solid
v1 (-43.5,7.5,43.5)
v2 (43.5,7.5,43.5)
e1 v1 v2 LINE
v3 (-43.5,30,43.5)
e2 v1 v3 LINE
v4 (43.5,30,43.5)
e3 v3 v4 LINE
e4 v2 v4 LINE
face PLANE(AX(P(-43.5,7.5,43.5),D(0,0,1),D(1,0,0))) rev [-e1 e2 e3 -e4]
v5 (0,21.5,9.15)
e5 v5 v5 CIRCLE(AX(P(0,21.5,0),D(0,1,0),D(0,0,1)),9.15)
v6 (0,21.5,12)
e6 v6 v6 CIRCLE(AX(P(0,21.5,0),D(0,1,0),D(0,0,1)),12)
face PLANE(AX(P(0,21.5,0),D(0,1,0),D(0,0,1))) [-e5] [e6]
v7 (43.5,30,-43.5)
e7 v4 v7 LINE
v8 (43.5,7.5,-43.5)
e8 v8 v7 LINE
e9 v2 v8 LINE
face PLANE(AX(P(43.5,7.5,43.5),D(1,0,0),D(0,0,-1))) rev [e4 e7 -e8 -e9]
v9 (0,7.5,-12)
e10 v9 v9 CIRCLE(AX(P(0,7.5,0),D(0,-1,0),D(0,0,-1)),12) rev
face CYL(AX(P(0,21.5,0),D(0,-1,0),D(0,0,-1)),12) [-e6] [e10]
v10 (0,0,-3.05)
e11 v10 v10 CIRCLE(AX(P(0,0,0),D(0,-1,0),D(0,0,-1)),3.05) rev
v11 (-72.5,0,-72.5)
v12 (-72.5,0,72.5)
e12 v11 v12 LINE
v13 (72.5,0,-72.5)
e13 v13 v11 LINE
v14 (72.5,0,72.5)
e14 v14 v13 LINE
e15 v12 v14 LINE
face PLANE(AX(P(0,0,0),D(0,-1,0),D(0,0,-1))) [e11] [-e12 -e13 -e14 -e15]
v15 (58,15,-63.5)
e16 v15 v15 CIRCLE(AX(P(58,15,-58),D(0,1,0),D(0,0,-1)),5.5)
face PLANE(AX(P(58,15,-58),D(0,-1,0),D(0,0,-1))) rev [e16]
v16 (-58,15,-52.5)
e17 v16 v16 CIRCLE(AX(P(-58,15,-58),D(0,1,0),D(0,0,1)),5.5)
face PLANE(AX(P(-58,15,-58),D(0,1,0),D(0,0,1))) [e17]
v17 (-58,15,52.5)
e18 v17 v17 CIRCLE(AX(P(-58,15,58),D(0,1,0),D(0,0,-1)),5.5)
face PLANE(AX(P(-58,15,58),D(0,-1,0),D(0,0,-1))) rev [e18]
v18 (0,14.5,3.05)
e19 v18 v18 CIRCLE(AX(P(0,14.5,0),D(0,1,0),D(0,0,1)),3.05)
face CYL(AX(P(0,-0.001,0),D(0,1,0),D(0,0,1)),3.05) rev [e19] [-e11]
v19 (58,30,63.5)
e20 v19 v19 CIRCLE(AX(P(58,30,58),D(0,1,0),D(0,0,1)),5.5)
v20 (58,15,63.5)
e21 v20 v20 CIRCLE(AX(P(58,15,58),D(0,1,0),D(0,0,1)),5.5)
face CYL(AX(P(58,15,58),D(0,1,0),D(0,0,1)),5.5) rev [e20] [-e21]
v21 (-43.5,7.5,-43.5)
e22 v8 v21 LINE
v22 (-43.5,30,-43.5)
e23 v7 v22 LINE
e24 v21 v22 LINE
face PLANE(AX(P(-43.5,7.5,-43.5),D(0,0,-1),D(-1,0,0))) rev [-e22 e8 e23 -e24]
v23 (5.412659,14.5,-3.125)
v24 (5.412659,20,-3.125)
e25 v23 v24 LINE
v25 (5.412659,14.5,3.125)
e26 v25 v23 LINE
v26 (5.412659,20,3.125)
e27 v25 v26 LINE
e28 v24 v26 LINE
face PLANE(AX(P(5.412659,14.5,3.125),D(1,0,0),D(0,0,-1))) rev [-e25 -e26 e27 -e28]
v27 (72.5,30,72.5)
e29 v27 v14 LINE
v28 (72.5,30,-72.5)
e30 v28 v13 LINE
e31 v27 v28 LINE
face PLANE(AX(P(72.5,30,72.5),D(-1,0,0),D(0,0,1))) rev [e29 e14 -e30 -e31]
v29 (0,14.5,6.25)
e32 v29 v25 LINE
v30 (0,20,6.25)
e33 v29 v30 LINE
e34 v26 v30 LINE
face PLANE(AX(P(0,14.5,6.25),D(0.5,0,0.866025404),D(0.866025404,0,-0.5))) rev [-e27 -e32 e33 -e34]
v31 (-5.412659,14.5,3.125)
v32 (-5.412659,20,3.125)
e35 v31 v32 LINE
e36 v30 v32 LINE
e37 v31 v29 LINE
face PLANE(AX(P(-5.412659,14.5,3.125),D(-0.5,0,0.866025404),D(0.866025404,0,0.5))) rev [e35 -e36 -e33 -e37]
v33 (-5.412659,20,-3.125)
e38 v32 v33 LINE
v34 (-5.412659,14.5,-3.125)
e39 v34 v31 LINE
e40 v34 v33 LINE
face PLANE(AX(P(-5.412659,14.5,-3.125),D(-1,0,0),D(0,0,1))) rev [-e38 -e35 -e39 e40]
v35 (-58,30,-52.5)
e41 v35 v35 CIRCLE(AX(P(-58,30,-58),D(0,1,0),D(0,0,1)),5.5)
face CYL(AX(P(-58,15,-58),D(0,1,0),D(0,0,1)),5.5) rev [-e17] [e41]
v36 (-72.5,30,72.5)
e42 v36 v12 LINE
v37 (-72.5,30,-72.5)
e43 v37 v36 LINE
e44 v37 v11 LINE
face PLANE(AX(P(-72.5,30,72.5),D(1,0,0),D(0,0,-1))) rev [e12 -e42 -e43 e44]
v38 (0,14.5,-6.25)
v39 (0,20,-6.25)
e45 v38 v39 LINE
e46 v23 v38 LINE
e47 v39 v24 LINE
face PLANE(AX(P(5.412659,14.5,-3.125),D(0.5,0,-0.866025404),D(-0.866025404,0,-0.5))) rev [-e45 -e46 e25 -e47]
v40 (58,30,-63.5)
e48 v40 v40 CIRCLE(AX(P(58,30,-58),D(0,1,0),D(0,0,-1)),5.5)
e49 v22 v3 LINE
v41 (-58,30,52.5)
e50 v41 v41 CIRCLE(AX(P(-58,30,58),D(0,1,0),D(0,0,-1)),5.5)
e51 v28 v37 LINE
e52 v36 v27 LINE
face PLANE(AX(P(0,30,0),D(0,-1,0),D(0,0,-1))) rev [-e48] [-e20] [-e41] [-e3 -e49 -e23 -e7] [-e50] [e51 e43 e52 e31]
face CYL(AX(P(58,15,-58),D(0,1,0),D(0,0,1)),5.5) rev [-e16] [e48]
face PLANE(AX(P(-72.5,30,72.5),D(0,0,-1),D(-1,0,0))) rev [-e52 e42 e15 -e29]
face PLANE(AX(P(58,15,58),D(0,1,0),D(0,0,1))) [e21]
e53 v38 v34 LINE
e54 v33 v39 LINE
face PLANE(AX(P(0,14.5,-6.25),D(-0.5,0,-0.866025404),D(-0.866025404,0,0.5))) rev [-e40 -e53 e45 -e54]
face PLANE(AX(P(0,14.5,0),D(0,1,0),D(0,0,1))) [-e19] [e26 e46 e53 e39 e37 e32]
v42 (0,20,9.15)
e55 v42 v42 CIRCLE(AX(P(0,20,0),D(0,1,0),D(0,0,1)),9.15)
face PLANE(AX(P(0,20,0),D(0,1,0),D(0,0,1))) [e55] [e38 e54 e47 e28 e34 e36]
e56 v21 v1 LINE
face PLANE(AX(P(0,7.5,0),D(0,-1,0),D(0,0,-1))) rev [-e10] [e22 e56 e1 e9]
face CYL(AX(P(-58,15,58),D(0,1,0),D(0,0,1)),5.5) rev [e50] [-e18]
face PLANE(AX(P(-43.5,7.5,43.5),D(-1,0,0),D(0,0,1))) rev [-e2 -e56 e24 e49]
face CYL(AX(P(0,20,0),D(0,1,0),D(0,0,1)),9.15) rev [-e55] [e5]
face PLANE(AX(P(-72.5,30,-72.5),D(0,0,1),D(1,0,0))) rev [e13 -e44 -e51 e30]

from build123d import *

# Parameters (mm, degrees)
SKETCH1_W           = 145
SKETCH1_H           = 145
BOSS_EXTRUDE1_DEPTH = 30
SKETCH2_W           = 87
SKETCH2_H           = 87
CUT_EXTRUDE1_DEPTH  = 22.5
SKETCH3_R           = 12
BOSS_EXTRUDE2_DEPTH = 14
CUT_EXTRUDE2_DEPTH  = 7
SKETCH5_R           = 5.5
CUT_EXTRUDE3_DEPTH  = 15
CUT_EXTRUDE4_REACH  = 105.695
SKETCH6_R           = 3.05
SKETCH7_R           = 9.15
CUT_EXTRUDE5_DEPTH  = 1.5


with BuildPart() as part:
    # Sketch1 → Boss-Extrude1 (new body)
    with BuildSketch(Plane(origin=(0, 0, 0), x_dir=(1, 0, 0), z_dir=(0, 1, 0))):
        Rectangle(SKETCH1_W, SKETCH1_H)
    extrude(amount=BOSS_EXTRUDE1_DEPTH)

    # Sketch2 → Cut-Extrude1 (cut)
    with BuildSketch(Plane(origin=(0, 30, 0), x_dir=(1, 0, 0), z_dir=(0, 1, 0))):
        Rectangle(SKETCH2_W, SKETCH2_H)
    extrude(amount=-CUT_EXTRUDE1_DEPTH, mode=Mode.SUBTRACT)

    # Sketch3 → Boss-Extrude2 (add)
    with BuildSketch(Plane(origin=(0, 7.5, 0), x_dir=(1, 0, 0), z_dir=(0, 1, 0))):
        with Locations(Location((0, 0, 0), (0, 0, 90))):
            Circle(SKETCH3_R)
    extrude(amount=BOSS_EXTRUDE2_DEPTH)

    # Sketch4 → Cut-Extrude2 (cut)
    with BuildSketch(Plane(origin=(0, 21.5, 0), x_dir=(1, 0, 0), z_dir=(0, 1, 0))):
        Polygon((0, 6.25), (-5.412658774, 3.125), (-5.412658774, -3.125), (0, -6.25), (5.412658774, -3.125), (5.412658774, 3.125), align=None)
    extrude(amount=-CUT_EXTRUDE2_DEPTH, mode=Mode.SUBTRACT)

    # Sketch5 → Cut-Extrude3 (cut)
    with BuildSketch(Plane(origin=(0, 30, 0), x_dir=(1, 0, 0), z_dir=(0, 1, 0))):
        with Locations(Location((-58, 58, 0), (0, 0, 270))):
            Circle(SKETCH5_R)
        with Locations(Location((58, 58, 0), (0, 0, 90))):
            Circle(SKETCH5_R)
        with Locations(Location((58, -58, 0), (0, 0, 270))):
            Circle(SKETCH5_R)
        with Locations(Location((-58, -58, 0), (0, 0, 90))):
            Circle(SKETCH5_R)
    extrude(amount=-CUT_EXTRUDE3_DEPTH, mode=Mode.SUBTRACT)

    # Sketch6 → Cut-Extrude4 (cut, up to next)
    with BuildSketch(Plane(origin=(0, 14.5, 0), x_dir=(1, 0, 0), z_dir=(0, 1, 0)), mode=Mode.PRIVATE) as cut_extrude4_sk1:
        with Locations(Location((0, 0, 0), (0, 0, 270))):
            Circle(SKETCH6_R)
    cut_extrude4_tool1 = extrude(cut_extrude4_sk1.sketch, amount=-CUT_EXTRUDE4_REACH, mode=Mode.PRIVATE) & part.part
    add(cut_extrude4_tool1.solids().sort_by_distance((0, 14.5, 0))[0], mode=Mode.SUBTRACT)

    # Sketch7 → Cut-Extrude5 (cut)
    with BuildSketch(Plane(origin=(0, 21.5, 0), x_dir=(1, 0, 0), z_dir=(0, 1, 0))):
        with Locations(Location((0, 0, 0), (0, 0, 270))):
            Circle(SKETCH7_R)
    extrude(amount=-CUT_EXTRUDE5_DEPTH, mode=Mode.SUBTRACT)


solid = part.part
